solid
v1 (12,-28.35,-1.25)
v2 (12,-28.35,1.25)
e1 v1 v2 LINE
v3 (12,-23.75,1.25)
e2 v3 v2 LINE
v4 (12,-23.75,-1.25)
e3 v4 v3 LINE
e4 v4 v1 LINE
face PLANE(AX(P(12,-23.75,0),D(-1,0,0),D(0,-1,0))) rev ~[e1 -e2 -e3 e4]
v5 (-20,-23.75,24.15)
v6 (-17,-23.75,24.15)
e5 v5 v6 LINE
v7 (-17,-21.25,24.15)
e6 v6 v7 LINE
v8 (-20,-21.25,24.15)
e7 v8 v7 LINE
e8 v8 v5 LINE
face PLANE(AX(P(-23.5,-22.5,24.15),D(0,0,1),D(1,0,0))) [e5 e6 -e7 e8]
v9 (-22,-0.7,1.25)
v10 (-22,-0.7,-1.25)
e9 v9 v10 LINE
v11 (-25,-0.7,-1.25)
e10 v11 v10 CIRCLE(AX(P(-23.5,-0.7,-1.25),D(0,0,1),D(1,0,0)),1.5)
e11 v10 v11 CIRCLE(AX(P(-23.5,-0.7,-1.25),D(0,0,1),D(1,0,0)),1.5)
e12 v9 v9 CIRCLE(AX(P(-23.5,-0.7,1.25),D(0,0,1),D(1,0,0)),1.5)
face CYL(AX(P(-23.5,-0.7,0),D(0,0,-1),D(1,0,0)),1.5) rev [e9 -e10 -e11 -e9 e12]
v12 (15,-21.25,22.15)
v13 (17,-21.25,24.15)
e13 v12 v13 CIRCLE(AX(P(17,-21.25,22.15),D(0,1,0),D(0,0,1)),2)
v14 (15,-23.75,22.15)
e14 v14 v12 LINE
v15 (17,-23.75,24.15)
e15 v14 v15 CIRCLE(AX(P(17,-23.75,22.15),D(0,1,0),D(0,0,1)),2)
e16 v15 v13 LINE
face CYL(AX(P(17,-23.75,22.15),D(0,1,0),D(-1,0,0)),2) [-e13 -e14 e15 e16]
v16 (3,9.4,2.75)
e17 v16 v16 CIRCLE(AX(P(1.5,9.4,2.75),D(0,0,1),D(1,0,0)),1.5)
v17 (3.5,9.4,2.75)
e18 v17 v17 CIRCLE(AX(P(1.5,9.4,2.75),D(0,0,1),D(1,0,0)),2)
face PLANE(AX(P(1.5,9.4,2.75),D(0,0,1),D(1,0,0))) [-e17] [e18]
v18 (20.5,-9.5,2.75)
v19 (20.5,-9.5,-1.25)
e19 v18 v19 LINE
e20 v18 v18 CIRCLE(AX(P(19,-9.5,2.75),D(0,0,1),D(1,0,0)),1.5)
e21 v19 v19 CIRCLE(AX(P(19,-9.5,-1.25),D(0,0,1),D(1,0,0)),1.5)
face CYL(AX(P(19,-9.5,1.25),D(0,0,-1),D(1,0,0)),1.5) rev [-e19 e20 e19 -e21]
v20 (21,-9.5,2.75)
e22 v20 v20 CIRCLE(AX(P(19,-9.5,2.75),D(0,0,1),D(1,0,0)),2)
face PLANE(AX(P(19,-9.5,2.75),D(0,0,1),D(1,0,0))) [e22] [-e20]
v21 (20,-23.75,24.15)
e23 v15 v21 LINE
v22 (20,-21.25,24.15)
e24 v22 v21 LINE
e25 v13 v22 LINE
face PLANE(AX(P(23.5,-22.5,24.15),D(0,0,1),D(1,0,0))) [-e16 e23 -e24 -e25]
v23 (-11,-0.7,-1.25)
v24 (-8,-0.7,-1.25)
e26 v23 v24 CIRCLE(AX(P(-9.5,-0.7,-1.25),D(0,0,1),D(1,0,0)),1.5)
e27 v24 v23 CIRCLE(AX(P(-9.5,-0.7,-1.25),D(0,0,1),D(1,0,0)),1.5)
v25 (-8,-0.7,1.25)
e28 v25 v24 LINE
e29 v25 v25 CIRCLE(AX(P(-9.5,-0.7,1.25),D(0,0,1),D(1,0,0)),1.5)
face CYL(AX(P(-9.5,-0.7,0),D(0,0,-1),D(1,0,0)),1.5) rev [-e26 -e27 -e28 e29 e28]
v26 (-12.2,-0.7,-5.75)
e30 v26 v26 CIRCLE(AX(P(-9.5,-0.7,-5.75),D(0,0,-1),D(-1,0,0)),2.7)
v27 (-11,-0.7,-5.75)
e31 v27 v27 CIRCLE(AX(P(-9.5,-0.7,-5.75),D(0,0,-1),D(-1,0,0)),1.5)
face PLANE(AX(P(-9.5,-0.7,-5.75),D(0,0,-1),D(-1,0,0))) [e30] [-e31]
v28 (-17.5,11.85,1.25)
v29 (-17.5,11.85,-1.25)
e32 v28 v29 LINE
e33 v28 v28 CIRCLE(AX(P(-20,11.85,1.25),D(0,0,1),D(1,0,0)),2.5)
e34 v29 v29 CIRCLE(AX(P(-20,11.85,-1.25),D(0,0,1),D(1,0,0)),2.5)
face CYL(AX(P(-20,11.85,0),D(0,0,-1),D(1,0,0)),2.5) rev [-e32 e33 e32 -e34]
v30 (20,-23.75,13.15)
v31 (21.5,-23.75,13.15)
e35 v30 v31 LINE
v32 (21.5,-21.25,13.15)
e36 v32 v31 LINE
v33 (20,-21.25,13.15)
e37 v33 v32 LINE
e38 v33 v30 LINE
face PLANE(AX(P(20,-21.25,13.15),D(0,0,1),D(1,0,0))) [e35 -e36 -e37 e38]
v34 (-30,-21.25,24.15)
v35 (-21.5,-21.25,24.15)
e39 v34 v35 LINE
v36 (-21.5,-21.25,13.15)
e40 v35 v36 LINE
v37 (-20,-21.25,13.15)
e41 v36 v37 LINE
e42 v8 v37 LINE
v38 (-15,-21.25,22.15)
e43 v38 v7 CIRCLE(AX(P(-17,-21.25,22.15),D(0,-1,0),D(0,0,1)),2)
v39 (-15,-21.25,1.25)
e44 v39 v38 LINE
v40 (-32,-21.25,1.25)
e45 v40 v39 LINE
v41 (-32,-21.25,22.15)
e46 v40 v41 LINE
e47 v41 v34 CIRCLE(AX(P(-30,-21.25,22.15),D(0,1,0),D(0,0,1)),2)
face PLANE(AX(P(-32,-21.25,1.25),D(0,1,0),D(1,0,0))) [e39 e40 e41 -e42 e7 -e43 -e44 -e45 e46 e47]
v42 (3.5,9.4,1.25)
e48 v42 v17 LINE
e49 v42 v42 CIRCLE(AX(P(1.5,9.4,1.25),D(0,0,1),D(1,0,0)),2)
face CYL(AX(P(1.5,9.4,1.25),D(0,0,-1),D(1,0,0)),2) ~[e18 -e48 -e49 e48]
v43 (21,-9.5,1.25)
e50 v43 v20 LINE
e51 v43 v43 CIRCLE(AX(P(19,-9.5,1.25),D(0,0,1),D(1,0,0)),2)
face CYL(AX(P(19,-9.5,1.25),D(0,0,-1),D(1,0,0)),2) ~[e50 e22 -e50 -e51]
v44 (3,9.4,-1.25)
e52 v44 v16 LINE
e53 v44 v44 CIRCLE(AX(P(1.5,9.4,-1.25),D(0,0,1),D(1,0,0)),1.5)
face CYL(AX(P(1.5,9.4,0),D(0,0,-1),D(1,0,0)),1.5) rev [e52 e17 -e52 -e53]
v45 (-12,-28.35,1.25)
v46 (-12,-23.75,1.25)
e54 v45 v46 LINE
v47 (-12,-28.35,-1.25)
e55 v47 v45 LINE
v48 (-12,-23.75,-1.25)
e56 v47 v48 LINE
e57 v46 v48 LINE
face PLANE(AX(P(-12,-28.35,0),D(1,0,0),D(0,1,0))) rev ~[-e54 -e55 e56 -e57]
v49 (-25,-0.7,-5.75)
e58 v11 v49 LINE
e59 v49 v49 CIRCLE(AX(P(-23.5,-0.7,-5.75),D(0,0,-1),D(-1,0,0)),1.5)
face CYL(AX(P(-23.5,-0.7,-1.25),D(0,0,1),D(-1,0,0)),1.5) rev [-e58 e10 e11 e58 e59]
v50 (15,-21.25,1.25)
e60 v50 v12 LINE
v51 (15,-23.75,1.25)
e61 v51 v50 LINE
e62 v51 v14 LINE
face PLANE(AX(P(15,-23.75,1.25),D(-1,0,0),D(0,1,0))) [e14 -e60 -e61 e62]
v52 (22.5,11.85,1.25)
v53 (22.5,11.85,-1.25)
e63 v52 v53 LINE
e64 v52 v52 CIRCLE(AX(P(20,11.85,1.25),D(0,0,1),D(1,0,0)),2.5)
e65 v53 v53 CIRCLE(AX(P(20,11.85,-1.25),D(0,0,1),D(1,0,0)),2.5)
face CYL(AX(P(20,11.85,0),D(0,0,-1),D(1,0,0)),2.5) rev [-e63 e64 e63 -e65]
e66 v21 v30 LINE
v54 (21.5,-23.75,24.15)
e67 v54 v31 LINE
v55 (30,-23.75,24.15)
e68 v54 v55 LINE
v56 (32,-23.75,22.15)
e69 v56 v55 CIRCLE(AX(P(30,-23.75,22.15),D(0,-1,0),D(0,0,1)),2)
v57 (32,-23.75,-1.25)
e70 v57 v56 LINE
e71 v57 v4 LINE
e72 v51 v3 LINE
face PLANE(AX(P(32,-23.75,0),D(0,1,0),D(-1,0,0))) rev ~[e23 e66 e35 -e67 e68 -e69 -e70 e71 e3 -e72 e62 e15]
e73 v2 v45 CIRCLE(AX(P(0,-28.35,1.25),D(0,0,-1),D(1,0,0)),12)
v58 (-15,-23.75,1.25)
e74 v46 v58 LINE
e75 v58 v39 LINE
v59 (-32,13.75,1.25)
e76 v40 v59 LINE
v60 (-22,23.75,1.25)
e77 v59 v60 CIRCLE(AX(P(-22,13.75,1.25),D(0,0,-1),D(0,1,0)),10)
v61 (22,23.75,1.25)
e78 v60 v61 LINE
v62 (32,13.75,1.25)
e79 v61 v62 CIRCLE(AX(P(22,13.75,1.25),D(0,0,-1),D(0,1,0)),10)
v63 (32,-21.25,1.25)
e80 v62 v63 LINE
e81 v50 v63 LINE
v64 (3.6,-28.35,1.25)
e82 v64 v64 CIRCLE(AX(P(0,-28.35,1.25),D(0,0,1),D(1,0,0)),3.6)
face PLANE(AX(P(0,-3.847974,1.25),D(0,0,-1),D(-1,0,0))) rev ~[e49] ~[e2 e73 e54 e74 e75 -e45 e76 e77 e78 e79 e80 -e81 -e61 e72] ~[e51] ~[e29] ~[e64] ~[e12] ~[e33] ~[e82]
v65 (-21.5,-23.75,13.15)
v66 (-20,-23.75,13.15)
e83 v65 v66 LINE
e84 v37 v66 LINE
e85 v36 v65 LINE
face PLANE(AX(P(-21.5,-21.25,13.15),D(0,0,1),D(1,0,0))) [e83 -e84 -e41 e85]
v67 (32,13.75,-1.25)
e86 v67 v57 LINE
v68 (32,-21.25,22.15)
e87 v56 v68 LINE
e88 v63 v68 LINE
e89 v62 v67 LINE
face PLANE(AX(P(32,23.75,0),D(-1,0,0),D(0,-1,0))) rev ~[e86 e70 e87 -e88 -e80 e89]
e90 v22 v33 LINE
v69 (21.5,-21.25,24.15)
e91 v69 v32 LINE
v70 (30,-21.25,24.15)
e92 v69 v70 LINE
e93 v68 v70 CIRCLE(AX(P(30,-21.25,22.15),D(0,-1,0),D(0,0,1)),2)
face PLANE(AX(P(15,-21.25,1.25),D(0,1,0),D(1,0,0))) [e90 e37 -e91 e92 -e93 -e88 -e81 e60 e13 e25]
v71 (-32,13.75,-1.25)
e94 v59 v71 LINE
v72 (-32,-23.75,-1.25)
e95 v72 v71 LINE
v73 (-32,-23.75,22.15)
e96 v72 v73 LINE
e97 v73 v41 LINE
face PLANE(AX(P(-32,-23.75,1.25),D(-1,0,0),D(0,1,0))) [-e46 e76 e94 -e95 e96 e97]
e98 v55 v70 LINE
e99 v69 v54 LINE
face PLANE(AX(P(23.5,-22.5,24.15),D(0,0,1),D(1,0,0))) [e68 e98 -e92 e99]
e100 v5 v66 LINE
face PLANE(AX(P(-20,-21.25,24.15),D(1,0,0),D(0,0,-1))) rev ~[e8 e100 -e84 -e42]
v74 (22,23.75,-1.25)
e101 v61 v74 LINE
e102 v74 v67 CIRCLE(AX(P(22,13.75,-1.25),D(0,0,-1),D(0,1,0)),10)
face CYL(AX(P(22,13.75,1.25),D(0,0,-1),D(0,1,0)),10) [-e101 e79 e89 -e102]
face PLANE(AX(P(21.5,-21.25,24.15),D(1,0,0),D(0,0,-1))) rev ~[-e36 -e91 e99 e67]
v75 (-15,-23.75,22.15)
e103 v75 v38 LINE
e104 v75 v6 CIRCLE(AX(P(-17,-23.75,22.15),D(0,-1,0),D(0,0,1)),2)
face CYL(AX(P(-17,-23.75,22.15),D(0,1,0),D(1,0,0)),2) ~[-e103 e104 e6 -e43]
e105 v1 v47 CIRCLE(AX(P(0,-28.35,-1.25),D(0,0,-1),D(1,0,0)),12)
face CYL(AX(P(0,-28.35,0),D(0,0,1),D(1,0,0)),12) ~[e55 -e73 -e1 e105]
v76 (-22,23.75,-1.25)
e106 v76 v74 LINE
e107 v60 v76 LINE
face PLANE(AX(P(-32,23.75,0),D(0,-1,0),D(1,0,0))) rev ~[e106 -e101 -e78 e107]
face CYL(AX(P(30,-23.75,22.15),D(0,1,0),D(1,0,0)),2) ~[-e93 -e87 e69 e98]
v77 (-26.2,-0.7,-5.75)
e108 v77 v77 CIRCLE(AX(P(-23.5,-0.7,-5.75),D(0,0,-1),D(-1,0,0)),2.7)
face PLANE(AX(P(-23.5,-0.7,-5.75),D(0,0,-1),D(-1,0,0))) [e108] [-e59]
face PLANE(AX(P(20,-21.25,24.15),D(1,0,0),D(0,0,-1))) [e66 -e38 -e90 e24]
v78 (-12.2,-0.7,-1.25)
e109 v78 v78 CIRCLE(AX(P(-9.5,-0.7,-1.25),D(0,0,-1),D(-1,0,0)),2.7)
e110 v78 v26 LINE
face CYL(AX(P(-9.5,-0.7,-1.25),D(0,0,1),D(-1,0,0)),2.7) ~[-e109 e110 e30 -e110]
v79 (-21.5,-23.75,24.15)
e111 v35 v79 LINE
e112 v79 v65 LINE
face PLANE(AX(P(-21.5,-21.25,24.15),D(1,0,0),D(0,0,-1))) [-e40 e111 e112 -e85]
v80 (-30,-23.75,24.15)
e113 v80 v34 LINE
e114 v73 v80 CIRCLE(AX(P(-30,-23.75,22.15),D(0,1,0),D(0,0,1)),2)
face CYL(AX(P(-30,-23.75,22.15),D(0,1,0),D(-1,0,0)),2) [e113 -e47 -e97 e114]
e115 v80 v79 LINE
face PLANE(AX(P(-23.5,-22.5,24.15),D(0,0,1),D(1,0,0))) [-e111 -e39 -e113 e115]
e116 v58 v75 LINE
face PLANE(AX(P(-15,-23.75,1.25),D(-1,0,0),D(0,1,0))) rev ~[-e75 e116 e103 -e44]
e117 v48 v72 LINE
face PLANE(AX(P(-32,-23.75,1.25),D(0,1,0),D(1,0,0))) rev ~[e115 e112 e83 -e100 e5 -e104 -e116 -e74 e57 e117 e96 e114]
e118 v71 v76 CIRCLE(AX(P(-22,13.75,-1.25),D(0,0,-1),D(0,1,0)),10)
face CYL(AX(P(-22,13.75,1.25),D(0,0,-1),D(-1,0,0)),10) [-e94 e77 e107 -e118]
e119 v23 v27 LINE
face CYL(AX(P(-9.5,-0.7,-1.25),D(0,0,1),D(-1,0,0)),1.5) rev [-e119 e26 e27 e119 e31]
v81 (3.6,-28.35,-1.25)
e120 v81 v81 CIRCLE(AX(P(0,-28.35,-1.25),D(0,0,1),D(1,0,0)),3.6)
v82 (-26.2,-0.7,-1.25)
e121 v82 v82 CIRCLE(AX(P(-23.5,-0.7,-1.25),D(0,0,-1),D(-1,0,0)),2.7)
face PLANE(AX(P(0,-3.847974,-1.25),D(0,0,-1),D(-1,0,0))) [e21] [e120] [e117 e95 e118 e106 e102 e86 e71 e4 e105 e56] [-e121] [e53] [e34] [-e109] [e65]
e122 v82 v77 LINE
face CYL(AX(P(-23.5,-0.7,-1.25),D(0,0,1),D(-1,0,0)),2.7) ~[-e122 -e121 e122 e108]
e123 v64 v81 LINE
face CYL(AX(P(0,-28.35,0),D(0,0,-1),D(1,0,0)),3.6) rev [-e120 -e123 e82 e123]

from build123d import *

# Parameters (mm, degrees)
SKETCH1_R           = 3.6
SKETCH1_R_2         = 2.5
SKETCH1_R_3         = 1.5
BOSS_EXTRUDE1_DEPTH = 1.25
SKETCH2_R           = 2
SKETCH2_R_2         = 1.5
BOSS_EXTRUDE2_DEPTH = 1.5
SKETCH3_R           = 2.7
SKETCH3_R_2         = 1.5
BOSS_EXTRUDE3_DEPTH = 4.5
FILLET1_R           = 10
SKETCH4_W           = 17
SKETCH4_H           = 2.5
BOSS_EXTRUDE4_DEPTH = 22.9
SKETCH5_W           = 1.5
SKETCH5_H           = 11
CUT_EXTRUDE1_DEPTH  = 20.1
FILLET2_R           = 2


with BuildPart() as part:
    # Sketch1 → Boss-Extrude1 (new body, symmetric)
    with BuildSketch(Plane.XY):
        with BuildLine():
            Line((-12, -28.35), (-12, -23.75))
            Line((-12, -23.75), (-32, -23.75))
            Line((-32, -23.75), (-32, 23.75))
            Line((-32, 23.75), (32, 23.75))
            Line((32, 23.75), (32, -23.75))
            Line((32, -23.75), (12, -23.75))
            Line((12, -23.75), (12, -28.35))
            ThreePointArc((12, -28.35), (0, -40.35), (-12, -28.35))
        make_face()
        with Locations((0, -28.35)):
            Circle(SKETCH1_R, mode=Mode.SUBTRACT)
        with Locations((-20, 11.85)):
            Circle(SKETCH1_R_2, mode=Mode.SUBTRACT)
        with Locations((19, -9.5)):
            Circle(SKETCH1_R_3, mode=Mode.SUBTRACT)
        with Locations((1.5, 9.4)):
            Circle(SKETCH1_R_3, mode=Mode.SUBTRACT)
        with Locations((20, 11.85)):
            Circle(SKETCH1_R_2, mode=Mode.SUBTRACT)
        with Locations((-23.5, -0.7)):
            Circle(SKETCH1_R_3, mode=Mode.SUBTRACT)
        with Locations((-9.5, -0.7)):
            Circle(SKETCH1_R_3, mode=Mode.SUBTRACT)
    extrude(amount=BOSS_EXTRUDE1_DEPTH, both=True)

    # Sketch2 → Boss-Extrude2 (add)
    with BuildSketch(Plane.XY.offset(1.25)):
        with Locations((19, -9.5)):
            Circle(SKETCH2_R)
        with Locations((19, -9.5)):
            Circle(SKETCH2_R_2, mode=Mode.SUBTRACT)
        with Locations((1.5, 9.4)):
            Circle(SKETCH2_R)
        with Locations((1.5, 9.4)):
            Circle(SKETCH2_R_2, mode=Mode.SUBTRACT)
    extrude(amount=BOSS_EXTRUDE2_DEPTH)

    # Sketch3 → Boss-Extrude3 (add)
    with BuildSketch(Plane(origin=(0, 0, -1.25), x_dir=(-1, 0, 0), z_dir=(0, 0, -1))):
        with Locations((9.5, -0.7)):
            Circle(SKETCH3_R)
        with Locations((9.5, -0.7)):
            Circle(SKETCH3_R_2, mode=Mode.SUBTRACT)
        with Locations((23.5, -0.7)):
            Circle(SKETCH3_R)
        with Locations((23.5, -0.7)):
            Circle(SKETCH3_R_2, mode=Mode.SUBTRACT)
    extrude(amount=BOSS_EXTRUDE3_DEPTH)

    # Fillet1
    fillet1_edges = [part.edges().sort_by_distance(p)[0] for p in [
        (-32, 23.75, 0),
        (32, 23.75, 0),
    ]]
    fillet(fillet1_edges, radius=FILLET1_R)

    # Sketch4 → Boss-Extrude4 (add)
    with BuildSketch(Plane.XY.offset(1.25)):
        with Locations((-23.5, -22.5)):
            Rectangle(SKETCH4_W, SKETCH4_H)
        with Locations((23.5, -22.5)):
            Rectangle(SKETCH4_W, SKETCH4_H)
    extrude(amount=BOSS_EXTRUDE4_DEPTH)

    # Sketch5 → Cut-Extrude1 (cut, through all)
    with BuildSketch(Plane(origin=(0, -21.25, 0), x_dir=(1, 0, 0), z_dir=(0, 1, 0))):
        with Locations((-20.75, -18.65)):
            Rectangle(SKETCH5_W, SKETCH5_H)
        with Locations((20.75, -18.65)):
            Rectangle(SKETCH5_W, SKETCH5_H)
    extrude(amount=-CUT_EXTRUDE1_DEPTH, mode=Mode.SUBTRACT)

    # Fillet2
    fillet2_edges = [part.edges().sort_by_distance(p)[0] for p in [
        (32, -22.5, 24.15),
        (15, -22.5, 24.15),
        (-32, -22.5, 24.15),
        (-15, -22.5, 24.15),
    ]]
    fillet(fillet2_edges, radius=FILLET2_R)


solid = part.part
